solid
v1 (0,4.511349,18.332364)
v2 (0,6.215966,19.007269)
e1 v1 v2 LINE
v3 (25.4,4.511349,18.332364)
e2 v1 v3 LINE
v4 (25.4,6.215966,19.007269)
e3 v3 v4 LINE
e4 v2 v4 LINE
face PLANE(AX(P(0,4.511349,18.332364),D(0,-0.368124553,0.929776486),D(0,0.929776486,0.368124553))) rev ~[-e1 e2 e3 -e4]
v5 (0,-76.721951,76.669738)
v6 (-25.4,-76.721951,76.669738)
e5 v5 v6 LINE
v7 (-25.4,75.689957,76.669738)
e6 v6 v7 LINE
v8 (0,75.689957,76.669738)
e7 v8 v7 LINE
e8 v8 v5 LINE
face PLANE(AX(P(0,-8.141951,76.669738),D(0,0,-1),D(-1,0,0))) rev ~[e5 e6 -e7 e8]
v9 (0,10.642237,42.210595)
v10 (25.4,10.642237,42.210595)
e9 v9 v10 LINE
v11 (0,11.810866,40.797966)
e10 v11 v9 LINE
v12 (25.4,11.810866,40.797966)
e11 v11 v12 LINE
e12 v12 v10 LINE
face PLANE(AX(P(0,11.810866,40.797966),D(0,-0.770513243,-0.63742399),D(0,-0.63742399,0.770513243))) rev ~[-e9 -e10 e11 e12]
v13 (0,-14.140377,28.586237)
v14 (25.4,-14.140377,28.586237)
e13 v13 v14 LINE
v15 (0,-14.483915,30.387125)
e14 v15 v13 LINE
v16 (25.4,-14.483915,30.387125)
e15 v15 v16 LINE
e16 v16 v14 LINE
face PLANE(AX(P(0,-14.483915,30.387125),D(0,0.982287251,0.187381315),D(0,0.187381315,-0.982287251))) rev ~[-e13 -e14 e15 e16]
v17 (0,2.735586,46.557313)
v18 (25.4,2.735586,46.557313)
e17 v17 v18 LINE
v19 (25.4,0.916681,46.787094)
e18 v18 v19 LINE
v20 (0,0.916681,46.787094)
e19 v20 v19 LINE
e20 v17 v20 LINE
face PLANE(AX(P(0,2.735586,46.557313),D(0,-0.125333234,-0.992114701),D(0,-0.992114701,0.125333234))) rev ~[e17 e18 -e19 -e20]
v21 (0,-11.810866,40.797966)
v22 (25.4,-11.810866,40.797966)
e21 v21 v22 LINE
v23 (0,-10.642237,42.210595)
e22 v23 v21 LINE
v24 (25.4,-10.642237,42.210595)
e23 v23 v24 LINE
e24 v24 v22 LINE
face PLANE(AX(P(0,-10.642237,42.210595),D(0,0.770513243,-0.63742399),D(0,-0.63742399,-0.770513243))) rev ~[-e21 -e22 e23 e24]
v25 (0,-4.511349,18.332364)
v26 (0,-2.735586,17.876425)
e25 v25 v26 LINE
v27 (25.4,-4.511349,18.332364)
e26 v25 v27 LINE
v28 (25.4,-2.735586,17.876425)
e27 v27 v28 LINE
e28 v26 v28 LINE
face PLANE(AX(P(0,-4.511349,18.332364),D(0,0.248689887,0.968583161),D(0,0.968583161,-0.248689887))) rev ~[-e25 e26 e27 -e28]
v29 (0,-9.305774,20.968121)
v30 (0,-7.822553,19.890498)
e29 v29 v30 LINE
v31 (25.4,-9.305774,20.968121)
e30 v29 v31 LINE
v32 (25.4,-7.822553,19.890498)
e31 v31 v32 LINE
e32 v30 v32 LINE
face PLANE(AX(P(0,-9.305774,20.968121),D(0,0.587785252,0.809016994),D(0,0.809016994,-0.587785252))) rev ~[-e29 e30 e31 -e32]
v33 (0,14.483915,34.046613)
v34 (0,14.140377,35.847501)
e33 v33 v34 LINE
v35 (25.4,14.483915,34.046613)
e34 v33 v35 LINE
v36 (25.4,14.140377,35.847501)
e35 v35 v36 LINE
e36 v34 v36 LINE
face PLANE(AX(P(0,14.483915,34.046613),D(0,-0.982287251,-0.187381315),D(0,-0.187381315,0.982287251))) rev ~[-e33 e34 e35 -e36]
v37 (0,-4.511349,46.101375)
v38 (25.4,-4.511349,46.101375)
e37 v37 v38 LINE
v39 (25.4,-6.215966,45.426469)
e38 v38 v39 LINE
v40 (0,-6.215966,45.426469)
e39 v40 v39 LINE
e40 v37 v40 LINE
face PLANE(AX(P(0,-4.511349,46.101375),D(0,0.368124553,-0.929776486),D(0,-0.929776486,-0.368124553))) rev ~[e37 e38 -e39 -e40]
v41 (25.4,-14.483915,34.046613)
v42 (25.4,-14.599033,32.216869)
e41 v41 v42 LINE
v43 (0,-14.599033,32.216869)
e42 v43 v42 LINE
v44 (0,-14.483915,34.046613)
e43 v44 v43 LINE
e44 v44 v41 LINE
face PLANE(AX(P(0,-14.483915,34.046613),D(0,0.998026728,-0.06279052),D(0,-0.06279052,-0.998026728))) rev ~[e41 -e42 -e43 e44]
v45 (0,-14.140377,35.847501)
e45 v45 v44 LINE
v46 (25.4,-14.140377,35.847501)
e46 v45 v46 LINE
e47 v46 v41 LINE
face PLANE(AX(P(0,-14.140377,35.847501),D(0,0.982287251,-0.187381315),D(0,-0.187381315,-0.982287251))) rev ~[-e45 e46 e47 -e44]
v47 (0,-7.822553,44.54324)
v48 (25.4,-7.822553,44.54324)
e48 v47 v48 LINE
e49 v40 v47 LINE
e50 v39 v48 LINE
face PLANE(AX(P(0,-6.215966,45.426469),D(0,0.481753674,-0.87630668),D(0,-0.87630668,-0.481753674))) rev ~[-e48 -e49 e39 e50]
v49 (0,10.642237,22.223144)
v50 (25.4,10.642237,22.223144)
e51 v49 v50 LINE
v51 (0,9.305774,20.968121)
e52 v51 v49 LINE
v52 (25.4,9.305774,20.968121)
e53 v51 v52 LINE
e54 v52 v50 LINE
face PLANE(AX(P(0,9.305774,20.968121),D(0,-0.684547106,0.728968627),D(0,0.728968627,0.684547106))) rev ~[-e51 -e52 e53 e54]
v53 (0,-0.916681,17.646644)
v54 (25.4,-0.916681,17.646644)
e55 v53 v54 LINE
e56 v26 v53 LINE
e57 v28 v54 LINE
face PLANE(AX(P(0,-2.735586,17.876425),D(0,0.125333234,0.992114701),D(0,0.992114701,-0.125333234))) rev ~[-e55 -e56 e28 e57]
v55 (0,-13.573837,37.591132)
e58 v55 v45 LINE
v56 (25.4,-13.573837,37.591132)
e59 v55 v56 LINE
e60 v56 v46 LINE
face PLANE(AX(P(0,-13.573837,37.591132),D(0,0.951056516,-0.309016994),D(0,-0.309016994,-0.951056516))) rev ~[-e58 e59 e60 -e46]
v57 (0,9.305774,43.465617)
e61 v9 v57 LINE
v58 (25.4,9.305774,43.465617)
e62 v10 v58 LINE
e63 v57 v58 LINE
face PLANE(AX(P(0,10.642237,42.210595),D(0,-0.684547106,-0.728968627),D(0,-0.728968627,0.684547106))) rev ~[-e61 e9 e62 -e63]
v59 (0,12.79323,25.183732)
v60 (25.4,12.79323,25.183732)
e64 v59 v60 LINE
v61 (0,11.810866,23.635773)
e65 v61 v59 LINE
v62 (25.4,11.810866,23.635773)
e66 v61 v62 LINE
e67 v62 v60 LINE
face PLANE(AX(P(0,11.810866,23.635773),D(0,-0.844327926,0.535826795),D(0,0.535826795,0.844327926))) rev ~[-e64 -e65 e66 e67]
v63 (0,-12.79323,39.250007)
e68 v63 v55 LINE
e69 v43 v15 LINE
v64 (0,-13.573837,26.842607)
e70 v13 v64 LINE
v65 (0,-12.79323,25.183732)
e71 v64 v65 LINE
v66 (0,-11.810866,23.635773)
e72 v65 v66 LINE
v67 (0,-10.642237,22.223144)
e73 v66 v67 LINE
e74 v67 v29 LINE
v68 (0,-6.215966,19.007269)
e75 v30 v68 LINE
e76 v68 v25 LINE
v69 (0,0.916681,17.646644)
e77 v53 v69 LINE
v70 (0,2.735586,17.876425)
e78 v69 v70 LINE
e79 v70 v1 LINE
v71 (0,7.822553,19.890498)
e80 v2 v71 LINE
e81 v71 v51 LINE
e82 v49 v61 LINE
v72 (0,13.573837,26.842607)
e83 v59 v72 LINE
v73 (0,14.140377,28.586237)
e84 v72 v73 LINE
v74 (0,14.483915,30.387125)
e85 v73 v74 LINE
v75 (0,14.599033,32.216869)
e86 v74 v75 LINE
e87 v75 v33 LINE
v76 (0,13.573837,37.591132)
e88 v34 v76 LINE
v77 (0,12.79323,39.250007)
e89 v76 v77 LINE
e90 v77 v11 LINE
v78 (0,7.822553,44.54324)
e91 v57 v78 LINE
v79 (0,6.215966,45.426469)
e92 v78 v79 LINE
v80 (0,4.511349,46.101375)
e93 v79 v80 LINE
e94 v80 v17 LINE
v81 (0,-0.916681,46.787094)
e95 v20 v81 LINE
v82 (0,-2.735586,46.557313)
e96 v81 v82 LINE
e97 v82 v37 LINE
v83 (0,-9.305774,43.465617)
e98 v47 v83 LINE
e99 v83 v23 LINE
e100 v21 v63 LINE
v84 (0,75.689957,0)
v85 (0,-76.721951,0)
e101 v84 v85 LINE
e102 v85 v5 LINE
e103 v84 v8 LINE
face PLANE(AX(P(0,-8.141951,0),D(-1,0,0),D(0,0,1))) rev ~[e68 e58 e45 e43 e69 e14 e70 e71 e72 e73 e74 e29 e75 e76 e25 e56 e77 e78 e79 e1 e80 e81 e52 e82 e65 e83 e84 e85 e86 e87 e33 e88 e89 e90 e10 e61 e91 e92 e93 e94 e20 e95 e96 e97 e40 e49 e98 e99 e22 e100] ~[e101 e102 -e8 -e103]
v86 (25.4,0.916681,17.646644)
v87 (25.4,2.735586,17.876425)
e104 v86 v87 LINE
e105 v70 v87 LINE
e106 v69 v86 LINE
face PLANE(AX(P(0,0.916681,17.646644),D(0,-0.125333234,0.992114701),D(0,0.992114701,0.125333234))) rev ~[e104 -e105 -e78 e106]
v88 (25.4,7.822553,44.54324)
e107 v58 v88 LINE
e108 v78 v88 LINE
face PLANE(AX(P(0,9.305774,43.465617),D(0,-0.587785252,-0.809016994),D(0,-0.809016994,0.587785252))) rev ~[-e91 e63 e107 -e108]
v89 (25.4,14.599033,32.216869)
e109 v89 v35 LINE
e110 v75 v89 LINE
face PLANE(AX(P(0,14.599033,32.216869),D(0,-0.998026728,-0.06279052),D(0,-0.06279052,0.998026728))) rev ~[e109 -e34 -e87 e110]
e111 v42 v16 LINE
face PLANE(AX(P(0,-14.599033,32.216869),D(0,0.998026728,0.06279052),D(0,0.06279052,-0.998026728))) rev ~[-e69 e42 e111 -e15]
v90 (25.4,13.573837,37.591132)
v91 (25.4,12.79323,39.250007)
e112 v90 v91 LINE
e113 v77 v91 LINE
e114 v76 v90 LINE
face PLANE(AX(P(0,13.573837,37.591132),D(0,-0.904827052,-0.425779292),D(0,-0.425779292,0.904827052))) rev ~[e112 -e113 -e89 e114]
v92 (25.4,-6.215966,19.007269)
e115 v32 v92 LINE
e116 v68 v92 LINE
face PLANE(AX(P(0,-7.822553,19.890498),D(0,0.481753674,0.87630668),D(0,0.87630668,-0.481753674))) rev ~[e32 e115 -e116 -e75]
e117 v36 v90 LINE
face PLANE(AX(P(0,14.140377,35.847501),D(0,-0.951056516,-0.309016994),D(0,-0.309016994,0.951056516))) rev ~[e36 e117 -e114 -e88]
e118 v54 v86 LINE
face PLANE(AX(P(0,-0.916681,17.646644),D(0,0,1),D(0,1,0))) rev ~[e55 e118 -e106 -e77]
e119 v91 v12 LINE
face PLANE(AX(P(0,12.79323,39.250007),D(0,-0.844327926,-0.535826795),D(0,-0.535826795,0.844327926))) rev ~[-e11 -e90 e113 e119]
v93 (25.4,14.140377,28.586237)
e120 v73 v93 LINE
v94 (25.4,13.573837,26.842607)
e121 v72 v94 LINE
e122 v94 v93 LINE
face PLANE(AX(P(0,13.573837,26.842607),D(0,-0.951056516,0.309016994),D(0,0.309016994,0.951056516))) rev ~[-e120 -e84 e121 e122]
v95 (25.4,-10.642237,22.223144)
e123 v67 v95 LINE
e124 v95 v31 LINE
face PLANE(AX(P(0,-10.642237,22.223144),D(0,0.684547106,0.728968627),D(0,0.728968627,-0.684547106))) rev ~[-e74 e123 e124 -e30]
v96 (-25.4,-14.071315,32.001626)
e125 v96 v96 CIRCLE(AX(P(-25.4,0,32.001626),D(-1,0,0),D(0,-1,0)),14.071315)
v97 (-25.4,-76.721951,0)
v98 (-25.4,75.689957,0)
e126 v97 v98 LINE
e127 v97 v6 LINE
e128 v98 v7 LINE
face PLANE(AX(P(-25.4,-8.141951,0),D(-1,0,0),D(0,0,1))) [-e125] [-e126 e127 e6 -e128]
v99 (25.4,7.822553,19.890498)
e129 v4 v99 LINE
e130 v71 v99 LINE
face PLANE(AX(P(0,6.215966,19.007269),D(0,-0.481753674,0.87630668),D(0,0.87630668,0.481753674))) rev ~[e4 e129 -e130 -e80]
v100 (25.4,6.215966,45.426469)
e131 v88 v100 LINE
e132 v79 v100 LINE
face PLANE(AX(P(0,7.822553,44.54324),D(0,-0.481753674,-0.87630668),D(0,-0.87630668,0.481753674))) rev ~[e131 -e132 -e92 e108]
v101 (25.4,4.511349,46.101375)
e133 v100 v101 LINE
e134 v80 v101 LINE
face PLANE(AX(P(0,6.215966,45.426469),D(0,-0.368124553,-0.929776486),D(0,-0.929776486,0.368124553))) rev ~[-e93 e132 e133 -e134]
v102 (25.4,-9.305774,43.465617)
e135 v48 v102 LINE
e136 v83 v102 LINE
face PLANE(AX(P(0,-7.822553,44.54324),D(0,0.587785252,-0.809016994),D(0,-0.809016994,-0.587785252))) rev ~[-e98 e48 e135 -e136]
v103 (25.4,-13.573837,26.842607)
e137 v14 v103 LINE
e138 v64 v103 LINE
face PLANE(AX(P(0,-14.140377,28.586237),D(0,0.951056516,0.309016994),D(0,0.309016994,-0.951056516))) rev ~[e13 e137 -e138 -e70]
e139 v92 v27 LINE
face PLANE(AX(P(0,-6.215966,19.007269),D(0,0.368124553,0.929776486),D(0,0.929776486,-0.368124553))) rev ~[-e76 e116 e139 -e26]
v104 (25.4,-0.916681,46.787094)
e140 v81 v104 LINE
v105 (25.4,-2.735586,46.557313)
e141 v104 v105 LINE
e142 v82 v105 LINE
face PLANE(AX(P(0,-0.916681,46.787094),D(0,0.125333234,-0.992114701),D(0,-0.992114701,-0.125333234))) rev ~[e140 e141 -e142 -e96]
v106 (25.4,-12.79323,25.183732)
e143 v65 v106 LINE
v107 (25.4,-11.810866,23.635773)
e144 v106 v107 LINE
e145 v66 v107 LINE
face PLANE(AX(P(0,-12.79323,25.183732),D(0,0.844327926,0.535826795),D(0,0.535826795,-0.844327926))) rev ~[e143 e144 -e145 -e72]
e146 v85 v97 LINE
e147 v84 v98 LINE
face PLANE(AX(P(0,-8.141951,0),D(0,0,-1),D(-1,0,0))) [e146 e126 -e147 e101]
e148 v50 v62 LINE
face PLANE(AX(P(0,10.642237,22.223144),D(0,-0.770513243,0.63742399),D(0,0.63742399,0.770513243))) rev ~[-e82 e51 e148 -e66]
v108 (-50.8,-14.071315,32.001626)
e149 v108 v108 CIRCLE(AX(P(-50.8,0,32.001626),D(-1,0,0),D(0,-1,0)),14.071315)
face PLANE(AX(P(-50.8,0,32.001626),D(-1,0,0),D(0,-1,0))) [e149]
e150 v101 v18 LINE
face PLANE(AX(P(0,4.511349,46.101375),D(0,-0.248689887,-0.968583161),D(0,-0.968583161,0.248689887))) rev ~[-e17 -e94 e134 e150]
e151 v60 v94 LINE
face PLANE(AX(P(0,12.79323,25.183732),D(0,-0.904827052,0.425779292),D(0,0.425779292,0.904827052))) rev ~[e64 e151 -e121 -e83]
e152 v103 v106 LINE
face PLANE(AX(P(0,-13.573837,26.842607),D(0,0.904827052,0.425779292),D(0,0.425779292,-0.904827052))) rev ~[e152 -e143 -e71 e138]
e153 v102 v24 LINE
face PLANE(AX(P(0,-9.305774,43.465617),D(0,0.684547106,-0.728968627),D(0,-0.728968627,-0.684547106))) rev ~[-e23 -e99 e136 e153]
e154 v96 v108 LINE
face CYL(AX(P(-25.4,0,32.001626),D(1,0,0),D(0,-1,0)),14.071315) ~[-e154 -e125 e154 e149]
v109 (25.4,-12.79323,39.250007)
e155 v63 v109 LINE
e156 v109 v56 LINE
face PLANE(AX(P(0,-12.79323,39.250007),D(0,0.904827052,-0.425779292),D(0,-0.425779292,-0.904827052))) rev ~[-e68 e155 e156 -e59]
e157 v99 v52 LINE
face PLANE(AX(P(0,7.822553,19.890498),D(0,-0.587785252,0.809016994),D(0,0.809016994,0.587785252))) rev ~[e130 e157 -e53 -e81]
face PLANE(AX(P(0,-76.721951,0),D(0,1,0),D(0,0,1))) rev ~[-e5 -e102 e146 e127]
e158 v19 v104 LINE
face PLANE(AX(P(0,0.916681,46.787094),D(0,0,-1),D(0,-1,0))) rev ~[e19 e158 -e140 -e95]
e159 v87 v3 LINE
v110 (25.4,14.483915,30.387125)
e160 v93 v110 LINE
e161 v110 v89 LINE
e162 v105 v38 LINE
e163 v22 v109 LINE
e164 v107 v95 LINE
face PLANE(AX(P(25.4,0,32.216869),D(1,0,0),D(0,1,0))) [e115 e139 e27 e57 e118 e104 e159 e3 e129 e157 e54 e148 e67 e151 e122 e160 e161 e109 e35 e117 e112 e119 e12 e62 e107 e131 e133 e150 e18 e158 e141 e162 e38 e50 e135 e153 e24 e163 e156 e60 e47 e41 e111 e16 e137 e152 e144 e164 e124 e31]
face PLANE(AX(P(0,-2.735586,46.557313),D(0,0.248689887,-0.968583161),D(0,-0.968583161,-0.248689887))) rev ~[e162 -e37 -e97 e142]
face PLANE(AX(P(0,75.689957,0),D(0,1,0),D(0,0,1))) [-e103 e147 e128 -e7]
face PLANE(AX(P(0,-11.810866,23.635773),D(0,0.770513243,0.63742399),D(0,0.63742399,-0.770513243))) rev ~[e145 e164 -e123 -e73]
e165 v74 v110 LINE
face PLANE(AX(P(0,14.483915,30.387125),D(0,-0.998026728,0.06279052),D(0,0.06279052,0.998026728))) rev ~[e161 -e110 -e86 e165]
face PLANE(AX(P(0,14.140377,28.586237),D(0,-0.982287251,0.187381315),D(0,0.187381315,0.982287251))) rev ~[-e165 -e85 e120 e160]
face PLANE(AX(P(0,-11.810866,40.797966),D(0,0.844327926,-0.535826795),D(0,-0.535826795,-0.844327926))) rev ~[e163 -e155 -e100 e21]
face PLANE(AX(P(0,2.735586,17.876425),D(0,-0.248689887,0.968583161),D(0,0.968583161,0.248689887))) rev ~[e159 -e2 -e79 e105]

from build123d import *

# Parameters (mm, degrees)
F0_W     = 83.83190725
F0_H     = 76.6697376966
F1_DEPTH = 25.4
F3_DEPTH = 68.58
F6_DEPTH = 25.4
F7_R     = 14.0713154884
F8_DEPTH = 25.4


with BuildPart() as f1:
    # F0 (on Right) → F1 (new body)
    with BuildSketch(Plane.YZ):
        with Locations((33.7740029208, 38.3348688483)):
            Rectangle(F0_W, F0_H)
    extrude(amount=-F1_DEPTH)

    # F3 (add): a face of the model
    f3_faces = [f1.faces().sort_by_distance(p)[0] for p in [
        (-12.7, -8.1419507042, 38.3348688483),
    ]]
    extrude(f3_faces, amount=F3_DEPTH)

    # F5 (on face) → F6 (join)
    with BuildSketch(Plane.YZ):
        Polygon((2.735585974, 46.5573131723), (0.9166808596, 46.7870943248), (-0.9166808596, 46.7870943248), (-2.735585974, 46.5573131723), (-4.5113492634, 46.1013746532), (-6.2159658801, 45.4264691904), (-7.8225530015, 44.5432404463), (-9.3057737891, 43.4656174656), (-10.6422369651, 42.2105950066), (-11.8108657068, 40.7979655232), (-12.7932300408, 39.2500070262), (-13.5738374948, 37.5911317457), (-14.1403774229, 35.847501136), (-14.4839151519, 34.0466132933), (-14.5990328868, 32.2168692946), (-14.4839151519, 30.387125296), (-14.1403774229, 28.5862374533), (-13.5738374948, 26.8426068436), (-12.7932300408, 25.1837315631), (-11.8108657068, 23.6357730661), (-10.6422369651, 22.2231435827), (-9.3057737891, 20.9681211237), (-7.8225530015, 19.890498143), (-6.2159658801, 19.0072693989), (-4.5113492634, 18.3323639361), (-2.735585974, 17.876425417), (-0.9166808596, 17.6466442645), (0.9166808596, 17.6466442645), (2.735585974, 17.876425417), (4.5113492634, 18.3323639361), (6.2159658801, 19.0072693989), (7.8225530015, 19.890498143), (9.3057737891, 20.9681211237), (10.6422369651, 22.2231435827), (11.8108657068, 23.6357730661), (12.7932300408, 25.1837315631), (13.5738374948, 26.8426068436), (14.1403774229, 28.5862374533), (14.4839151519, 30.387125296), (14.5990328868, 32.2168692946), (14.4839151519, 34.0466132933), (14.1403774229, 35.847501136), (13.5738374948, 37.5911317457), (12.7932300408, 39.2500070262), (11.8108657068, 40.7979655232), (10.6422369651, 42.2105950066), (9.3057737891, 43.4656174656), (7.8225530015, 44.5432404463), (6.2159658801, 45.4264691904), (4.5113492634, 46.1013746532), align=None)
    extrude(amount=F6_DEPTH)

    # F7 (on face) → F8 (join)
    with BuildSketch(Plane(origin=(-25.4, 0, 0), x_dir=(0, -1, 0), z_dir=(-1, 0, 0))):
        with Locations((0, 32.0016257465)):
            Circle(F7_R)
    extrude(amount=F8_DEPTH)


solid = f1.part
